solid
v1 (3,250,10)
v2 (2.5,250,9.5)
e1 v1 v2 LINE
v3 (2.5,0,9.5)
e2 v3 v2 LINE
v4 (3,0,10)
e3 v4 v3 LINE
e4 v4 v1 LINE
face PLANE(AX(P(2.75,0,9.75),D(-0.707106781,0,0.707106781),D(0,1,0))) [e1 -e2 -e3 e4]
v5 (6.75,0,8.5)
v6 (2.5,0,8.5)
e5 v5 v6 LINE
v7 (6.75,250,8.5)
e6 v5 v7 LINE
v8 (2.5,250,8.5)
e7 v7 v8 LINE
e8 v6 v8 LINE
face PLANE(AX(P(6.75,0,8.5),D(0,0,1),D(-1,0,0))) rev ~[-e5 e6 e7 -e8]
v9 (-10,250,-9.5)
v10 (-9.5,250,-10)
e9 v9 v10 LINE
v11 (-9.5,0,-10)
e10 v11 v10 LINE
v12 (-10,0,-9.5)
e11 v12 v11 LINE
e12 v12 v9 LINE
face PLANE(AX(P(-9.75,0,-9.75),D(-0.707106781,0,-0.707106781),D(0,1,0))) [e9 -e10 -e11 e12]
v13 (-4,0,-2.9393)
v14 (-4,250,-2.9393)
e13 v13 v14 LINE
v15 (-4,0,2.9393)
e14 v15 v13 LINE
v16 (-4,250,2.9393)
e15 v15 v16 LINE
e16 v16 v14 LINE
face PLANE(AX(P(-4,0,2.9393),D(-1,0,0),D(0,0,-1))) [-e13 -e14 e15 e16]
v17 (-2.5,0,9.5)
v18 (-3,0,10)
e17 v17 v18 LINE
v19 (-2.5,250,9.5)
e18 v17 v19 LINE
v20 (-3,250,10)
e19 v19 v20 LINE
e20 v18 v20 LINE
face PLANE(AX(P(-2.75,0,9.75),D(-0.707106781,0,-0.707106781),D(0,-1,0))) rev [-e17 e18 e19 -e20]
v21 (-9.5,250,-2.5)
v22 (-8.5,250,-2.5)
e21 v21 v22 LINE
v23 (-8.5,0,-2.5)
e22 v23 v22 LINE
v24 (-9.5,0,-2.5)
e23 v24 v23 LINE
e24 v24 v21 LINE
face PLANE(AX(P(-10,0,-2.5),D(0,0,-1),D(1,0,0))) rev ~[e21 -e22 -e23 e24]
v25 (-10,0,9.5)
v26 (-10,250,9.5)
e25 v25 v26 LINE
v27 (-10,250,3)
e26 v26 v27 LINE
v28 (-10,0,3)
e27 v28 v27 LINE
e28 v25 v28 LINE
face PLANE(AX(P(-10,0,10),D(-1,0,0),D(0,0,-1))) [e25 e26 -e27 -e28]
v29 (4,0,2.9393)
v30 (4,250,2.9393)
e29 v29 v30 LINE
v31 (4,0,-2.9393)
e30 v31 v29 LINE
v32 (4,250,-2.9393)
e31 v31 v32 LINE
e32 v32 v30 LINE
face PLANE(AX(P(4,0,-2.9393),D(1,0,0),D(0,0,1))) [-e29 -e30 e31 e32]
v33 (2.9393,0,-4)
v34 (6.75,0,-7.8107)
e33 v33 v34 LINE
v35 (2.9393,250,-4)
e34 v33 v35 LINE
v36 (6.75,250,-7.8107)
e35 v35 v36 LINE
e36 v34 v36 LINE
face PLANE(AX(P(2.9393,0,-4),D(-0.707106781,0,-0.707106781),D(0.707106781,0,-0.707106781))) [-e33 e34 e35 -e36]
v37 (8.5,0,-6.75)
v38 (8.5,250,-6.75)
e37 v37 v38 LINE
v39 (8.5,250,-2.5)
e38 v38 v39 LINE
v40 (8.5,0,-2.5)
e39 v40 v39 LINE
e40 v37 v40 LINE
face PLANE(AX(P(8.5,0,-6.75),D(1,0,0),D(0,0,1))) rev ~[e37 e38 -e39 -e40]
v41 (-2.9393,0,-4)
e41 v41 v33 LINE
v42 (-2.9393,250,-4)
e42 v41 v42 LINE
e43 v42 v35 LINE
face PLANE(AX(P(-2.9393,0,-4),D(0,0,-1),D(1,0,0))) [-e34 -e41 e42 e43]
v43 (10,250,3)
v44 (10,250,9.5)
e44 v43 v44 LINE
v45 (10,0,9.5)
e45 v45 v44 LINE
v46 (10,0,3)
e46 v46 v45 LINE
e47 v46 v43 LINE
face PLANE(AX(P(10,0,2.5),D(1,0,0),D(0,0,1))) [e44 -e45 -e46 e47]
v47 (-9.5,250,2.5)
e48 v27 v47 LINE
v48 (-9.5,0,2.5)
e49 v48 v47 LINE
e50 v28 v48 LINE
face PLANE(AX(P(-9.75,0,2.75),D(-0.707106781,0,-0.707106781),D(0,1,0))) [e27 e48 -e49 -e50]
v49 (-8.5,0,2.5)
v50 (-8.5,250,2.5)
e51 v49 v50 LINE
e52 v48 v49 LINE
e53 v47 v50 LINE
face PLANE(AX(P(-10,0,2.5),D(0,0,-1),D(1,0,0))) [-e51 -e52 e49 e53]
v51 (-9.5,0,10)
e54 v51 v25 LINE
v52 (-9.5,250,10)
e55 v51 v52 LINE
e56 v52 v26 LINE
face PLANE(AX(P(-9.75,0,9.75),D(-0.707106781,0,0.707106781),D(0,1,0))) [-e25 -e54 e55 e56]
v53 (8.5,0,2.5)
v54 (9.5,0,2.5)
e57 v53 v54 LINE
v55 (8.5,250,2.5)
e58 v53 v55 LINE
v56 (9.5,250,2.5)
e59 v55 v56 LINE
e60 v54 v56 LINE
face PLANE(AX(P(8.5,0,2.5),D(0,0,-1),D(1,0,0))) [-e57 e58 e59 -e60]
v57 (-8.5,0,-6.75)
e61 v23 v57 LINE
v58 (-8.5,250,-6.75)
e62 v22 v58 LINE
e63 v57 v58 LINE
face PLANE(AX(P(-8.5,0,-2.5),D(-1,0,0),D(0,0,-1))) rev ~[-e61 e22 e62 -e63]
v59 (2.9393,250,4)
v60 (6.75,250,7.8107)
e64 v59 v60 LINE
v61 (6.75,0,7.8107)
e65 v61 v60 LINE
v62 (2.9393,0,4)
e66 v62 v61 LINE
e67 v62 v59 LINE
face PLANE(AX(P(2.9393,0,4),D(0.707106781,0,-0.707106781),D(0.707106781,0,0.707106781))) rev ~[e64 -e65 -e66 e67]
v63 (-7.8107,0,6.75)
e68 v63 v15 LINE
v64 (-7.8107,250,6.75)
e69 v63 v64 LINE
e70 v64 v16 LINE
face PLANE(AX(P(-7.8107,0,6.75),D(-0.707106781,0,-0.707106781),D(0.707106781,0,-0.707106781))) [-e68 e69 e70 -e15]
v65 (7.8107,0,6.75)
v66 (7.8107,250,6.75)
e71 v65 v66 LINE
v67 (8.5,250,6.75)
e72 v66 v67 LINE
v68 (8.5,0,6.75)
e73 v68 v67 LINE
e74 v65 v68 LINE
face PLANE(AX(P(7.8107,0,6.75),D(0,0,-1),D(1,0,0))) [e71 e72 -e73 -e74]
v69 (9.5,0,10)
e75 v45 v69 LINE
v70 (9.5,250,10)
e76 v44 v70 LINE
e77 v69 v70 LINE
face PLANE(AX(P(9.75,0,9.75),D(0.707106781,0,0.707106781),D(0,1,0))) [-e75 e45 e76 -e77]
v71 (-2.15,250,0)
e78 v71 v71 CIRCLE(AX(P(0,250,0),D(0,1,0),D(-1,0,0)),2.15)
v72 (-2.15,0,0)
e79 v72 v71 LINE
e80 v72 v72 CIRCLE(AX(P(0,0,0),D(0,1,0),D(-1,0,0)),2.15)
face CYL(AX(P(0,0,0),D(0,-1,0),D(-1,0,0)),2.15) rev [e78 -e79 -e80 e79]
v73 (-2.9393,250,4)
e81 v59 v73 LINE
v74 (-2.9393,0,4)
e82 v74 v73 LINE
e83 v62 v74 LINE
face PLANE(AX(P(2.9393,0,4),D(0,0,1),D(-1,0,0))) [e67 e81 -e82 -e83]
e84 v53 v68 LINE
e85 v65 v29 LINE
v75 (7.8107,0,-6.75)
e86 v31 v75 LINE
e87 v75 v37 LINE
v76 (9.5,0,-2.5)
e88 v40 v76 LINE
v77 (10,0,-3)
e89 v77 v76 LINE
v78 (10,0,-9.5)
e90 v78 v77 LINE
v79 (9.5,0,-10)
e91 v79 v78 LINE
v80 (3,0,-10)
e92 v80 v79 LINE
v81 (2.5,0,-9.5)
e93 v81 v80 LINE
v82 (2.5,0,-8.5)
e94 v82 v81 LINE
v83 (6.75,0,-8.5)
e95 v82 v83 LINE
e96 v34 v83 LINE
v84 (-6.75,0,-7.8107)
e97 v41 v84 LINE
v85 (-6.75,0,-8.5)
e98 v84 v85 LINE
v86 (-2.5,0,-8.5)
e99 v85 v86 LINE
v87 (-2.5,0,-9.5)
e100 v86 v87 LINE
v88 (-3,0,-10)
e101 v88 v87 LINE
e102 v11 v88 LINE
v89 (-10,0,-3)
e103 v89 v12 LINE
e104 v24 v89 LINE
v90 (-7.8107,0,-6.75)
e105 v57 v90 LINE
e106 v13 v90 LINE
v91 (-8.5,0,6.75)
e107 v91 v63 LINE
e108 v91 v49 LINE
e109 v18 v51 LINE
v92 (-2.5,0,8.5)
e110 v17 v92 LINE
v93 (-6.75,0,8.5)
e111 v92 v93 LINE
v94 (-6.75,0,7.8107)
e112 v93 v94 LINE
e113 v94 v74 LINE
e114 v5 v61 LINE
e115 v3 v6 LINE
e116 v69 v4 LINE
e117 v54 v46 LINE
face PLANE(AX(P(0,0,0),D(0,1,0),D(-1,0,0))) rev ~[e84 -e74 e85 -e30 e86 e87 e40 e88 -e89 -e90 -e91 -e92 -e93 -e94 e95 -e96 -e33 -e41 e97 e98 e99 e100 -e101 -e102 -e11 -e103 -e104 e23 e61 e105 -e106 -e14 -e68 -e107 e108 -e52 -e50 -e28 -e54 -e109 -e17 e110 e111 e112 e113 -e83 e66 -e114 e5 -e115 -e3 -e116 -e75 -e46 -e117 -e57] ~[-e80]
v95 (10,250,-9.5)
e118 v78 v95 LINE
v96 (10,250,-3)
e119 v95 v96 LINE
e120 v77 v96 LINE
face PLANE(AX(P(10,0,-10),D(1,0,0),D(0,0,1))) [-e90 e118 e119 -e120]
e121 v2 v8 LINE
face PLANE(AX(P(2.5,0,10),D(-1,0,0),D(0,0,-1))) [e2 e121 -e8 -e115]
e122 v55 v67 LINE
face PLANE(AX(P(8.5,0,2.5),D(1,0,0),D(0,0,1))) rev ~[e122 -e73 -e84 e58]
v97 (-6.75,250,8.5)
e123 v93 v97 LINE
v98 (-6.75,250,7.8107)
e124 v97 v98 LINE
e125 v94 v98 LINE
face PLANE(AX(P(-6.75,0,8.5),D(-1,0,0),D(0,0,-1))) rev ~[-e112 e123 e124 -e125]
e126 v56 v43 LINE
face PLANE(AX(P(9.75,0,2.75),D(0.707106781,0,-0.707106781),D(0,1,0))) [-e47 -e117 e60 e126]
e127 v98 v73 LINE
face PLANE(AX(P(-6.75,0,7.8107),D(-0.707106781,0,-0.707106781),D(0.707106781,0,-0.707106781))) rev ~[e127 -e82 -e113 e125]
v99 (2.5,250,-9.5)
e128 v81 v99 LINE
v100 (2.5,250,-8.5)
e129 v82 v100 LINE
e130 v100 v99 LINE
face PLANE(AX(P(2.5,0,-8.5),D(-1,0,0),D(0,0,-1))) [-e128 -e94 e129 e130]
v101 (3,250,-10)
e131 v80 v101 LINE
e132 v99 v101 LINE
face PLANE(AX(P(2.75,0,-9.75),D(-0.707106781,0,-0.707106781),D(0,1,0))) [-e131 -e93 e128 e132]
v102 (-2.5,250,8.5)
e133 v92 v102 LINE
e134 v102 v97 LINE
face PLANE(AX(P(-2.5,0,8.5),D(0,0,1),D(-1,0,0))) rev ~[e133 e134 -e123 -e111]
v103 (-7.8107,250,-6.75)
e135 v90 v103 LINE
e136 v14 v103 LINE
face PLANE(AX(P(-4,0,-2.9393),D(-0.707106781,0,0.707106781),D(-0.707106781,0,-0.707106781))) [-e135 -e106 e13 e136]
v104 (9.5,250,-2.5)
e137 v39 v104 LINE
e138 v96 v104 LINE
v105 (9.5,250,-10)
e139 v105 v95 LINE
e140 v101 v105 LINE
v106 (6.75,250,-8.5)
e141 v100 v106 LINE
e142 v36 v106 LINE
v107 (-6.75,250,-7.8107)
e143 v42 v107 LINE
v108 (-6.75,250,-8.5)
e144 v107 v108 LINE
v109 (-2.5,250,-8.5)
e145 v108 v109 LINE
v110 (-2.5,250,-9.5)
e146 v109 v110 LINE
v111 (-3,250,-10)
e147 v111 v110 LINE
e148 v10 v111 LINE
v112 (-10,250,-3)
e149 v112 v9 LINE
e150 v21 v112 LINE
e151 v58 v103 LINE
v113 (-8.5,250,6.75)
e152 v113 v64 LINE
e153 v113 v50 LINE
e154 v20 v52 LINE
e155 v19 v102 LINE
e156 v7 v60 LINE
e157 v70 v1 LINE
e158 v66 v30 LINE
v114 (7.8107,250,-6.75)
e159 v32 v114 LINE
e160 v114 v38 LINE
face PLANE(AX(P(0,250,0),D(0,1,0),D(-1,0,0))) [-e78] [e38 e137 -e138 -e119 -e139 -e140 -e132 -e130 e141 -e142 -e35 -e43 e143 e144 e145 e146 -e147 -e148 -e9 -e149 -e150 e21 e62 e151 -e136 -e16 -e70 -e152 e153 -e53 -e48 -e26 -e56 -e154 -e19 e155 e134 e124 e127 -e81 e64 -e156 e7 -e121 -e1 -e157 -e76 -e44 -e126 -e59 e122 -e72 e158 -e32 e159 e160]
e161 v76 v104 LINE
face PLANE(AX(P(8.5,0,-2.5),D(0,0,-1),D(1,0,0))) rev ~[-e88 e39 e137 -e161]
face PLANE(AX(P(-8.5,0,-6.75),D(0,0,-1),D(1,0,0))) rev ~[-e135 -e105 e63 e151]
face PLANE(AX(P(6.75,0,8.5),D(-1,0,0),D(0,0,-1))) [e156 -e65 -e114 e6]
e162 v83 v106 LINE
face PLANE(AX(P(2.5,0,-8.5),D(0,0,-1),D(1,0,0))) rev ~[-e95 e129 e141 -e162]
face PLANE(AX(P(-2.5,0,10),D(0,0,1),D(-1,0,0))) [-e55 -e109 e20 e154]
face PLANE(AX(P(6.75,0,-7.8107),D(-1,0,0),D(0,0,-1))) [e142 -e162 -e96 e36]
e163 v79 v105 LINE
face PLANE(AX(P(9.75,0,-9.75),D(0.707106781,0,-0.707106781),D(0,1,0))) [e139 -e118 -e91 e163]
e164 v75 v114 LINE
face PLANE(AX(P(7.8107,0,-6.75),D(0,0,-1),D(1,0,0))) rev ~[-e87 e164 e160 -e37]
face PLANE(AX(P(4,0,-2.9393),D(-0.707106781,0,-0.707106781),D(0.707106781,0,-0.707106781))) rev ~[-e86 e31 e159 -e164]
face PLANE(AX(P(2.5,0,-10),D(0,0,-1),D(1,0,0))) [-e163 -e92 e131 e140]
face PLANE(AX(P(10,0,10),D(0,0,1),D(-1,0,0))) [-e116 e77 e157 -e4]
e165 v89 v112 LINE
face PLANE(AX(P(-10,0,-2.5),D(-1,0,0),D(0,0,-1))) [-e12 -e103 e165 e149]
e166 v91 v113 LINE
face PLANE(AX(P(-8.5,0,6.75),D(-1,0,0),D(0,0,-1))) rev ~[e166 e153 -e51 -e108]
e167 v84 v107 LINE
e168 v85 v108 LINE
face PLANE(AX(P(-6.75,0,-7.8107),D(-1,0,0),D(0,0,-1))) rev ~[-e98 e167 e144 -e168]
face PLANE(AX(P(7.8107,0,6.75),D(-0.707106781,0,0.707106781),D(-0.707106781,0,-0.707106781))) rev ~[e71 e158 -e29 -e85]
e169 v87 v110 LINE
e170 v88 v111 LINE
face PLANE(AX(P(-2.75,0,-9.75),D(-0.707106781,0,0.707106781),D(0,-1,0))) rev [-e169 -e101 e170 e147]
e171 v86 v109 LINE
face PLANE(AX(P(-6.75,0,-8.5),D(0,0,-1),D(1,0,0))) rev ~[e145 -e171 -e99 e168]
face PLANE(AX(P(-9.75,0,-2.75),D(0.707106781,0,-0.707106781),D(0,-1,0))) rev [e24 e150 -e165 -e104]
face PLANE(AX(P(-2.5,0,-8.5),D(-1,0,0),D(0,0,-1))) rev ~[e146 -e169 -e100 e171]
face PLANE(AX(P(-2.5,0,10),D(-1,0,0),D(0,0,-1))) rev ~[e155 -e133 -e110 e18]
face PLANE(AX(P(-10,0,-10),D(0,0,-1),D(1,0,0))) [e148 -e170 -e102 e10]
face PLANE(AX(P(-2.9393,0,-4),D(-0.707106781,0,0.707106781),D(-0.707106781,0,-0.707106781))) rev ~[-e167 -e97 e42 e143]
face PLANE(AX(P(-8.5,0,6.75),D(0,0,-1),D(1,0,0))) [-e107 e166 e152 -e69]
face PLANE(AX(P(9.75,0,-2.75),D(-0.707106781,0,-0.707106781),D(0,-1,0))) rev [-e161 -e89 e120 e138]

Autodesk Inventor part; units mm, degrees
ref_plane "YZ Plane" through (0, 0, 0) normal (1, 0, 0) x (0, 1, 0)
ref_plane "XZ Plane" through (0, 0, 0) normal (0, 1, 0) x (-1, 0, 0)
ref_plane "XY Plane" through (0, 0, 0) normal (0, 0, 1) x (1, 0, 0)
sketch "Sketch1" plane through (0, 0, 0) normal (0, 1, 0) x (-1, 0, 0)
  line L0 (-2.9393, 4) -> (2.9393, 4)
  line L1 (4, 2.9393) -> (4, -2.9393)
  line L2 (2.9393, -4) -> (-2.9393, -4)
  line L3 (-4, -2.9393) -> (-4, 2.9393)
  circle A0 centre (0, 0) radius 2.15
  line L4 (-2.9393, 4) -> (-6.75, 7.8107)
  line L5 (-7.8107, 6.75) -> (-4, 2.9393)
  line L6 (4, -2.9393) -> (7.8107, -6.75)
  line L7 (-10, 10) -> (-2.5, 10)
  line L8 (2.5, 10) -> (10, 10)
  line L9 (10, -10) -> (2.5, -10)
  line L10 (-2.5, -10) -> (-10, -10)
  line L11 (10, 10) -> (10, 2.5)
  line L12 (10, -2.5) -> (10, -10)
  line L13 (-10, -10) -> (-10, -2.5)
  line L14 (-10, 2.5) -> (-10, 10)
  line L15 (-8.5, 2.5) -> (-8.5, 6.75)
  line L16 (-6.75, 8.5) -> (-2.5, 8.5)
  line L17 (2.5, 10) -> (2.5, 8.5)
  line L18 (10, 2.5) -> (8.5, 2.5)
  line L19 (10, -2.5) -> (8.5, -2.5)
  line L20 (2.5, -8.5) -> (2.5, -10)
  line L21 (-2.5, -8.5) -> (-2.5, -10)
  line L22 (-8.5, -2.5) -> (-10, -2.5)
  line L23 (-8.5, 2.5) -> (-10, 2.5)
  line L24 (-2.5, 10) -> (-2.5, 8.5)
  line L25 (-7.8107, 6.75) -> (-8.5, 6.75)
  line L26 (-6.75, 8.5) -> (-6.75, 7.8107)
  line L27 (6.75, 8.5) -> (6.75, 7.8107)
  line L28 (8.5, 6.75) -> (7.8107, 6.75)
  line L29 (8.5, 6.75) -> (8.5, 2.5)
  line L30 (2.5, 8.5) -> (6.75, 8.5)
  line L31 (6.75, 7.8107) -> (2.9393, 4)
  line L32 (7.8107, 6.75) -> (4, 2.9393)
  line L33 (2.9393, -4) -> (6.75, -7.8107)
  line L34 (8.5, -2.5) -> (8.5, -6.75)
  line L35 (6.75, -8.5) -> (2.5, -8.5)
  line L36 (8.5, -6.75) -> (7.8107, -6.75)
  line L37 (6.75, -7.8107) -> (6.75, -8.5)
  line L38 (-2.5, -8.5) -> (-6.75, -8.5)
  line L39 (-2.9393, -4) -> (-6.75, -7.8107)
  line L40 (-8.5, -6.75) -> (-8.5, -2.5)
  line L41 (-4, -2.9393) -> (-7.8107, -6.75)
  line L42 (-6.75, -7.8107) -> (-6.75, -8.5)
  line L43 (-7.8107, -6.75) -> (-8.5, -6.75)
  dimension "d0" = 20
  dimension "d1" = 20
  dimension "d26" = 1.5
  dimension "d27" = 1.5
  dimension "d32" = 7.5
  dimension "d33" = 5
  dimension "d34" = 7.5
  dimension "d35" = 7.5
  dimension "d40" = 6
  dimension "d41" = 13.5
extrude "Extrusion1" add sketch "Sketch1" along normal blind 250
chamfer "Chamfer1" distance 0.5 angle 45 12 edges at (-10, 125, 2.5) (-10, 125, -2.5) (-2.5, 125, 10) (2.5, 125, 10) (10, 125, 2.5) (10, 125, -2.5) (2.5, 125, -10) (-2.5, 125, -10) (-10, 125, 10) (-10, 125, -10) (10, 125, -10) (10, 125, 10)
properties part number "2020 Extrusion 250mm" material "Aluminum 6061"
